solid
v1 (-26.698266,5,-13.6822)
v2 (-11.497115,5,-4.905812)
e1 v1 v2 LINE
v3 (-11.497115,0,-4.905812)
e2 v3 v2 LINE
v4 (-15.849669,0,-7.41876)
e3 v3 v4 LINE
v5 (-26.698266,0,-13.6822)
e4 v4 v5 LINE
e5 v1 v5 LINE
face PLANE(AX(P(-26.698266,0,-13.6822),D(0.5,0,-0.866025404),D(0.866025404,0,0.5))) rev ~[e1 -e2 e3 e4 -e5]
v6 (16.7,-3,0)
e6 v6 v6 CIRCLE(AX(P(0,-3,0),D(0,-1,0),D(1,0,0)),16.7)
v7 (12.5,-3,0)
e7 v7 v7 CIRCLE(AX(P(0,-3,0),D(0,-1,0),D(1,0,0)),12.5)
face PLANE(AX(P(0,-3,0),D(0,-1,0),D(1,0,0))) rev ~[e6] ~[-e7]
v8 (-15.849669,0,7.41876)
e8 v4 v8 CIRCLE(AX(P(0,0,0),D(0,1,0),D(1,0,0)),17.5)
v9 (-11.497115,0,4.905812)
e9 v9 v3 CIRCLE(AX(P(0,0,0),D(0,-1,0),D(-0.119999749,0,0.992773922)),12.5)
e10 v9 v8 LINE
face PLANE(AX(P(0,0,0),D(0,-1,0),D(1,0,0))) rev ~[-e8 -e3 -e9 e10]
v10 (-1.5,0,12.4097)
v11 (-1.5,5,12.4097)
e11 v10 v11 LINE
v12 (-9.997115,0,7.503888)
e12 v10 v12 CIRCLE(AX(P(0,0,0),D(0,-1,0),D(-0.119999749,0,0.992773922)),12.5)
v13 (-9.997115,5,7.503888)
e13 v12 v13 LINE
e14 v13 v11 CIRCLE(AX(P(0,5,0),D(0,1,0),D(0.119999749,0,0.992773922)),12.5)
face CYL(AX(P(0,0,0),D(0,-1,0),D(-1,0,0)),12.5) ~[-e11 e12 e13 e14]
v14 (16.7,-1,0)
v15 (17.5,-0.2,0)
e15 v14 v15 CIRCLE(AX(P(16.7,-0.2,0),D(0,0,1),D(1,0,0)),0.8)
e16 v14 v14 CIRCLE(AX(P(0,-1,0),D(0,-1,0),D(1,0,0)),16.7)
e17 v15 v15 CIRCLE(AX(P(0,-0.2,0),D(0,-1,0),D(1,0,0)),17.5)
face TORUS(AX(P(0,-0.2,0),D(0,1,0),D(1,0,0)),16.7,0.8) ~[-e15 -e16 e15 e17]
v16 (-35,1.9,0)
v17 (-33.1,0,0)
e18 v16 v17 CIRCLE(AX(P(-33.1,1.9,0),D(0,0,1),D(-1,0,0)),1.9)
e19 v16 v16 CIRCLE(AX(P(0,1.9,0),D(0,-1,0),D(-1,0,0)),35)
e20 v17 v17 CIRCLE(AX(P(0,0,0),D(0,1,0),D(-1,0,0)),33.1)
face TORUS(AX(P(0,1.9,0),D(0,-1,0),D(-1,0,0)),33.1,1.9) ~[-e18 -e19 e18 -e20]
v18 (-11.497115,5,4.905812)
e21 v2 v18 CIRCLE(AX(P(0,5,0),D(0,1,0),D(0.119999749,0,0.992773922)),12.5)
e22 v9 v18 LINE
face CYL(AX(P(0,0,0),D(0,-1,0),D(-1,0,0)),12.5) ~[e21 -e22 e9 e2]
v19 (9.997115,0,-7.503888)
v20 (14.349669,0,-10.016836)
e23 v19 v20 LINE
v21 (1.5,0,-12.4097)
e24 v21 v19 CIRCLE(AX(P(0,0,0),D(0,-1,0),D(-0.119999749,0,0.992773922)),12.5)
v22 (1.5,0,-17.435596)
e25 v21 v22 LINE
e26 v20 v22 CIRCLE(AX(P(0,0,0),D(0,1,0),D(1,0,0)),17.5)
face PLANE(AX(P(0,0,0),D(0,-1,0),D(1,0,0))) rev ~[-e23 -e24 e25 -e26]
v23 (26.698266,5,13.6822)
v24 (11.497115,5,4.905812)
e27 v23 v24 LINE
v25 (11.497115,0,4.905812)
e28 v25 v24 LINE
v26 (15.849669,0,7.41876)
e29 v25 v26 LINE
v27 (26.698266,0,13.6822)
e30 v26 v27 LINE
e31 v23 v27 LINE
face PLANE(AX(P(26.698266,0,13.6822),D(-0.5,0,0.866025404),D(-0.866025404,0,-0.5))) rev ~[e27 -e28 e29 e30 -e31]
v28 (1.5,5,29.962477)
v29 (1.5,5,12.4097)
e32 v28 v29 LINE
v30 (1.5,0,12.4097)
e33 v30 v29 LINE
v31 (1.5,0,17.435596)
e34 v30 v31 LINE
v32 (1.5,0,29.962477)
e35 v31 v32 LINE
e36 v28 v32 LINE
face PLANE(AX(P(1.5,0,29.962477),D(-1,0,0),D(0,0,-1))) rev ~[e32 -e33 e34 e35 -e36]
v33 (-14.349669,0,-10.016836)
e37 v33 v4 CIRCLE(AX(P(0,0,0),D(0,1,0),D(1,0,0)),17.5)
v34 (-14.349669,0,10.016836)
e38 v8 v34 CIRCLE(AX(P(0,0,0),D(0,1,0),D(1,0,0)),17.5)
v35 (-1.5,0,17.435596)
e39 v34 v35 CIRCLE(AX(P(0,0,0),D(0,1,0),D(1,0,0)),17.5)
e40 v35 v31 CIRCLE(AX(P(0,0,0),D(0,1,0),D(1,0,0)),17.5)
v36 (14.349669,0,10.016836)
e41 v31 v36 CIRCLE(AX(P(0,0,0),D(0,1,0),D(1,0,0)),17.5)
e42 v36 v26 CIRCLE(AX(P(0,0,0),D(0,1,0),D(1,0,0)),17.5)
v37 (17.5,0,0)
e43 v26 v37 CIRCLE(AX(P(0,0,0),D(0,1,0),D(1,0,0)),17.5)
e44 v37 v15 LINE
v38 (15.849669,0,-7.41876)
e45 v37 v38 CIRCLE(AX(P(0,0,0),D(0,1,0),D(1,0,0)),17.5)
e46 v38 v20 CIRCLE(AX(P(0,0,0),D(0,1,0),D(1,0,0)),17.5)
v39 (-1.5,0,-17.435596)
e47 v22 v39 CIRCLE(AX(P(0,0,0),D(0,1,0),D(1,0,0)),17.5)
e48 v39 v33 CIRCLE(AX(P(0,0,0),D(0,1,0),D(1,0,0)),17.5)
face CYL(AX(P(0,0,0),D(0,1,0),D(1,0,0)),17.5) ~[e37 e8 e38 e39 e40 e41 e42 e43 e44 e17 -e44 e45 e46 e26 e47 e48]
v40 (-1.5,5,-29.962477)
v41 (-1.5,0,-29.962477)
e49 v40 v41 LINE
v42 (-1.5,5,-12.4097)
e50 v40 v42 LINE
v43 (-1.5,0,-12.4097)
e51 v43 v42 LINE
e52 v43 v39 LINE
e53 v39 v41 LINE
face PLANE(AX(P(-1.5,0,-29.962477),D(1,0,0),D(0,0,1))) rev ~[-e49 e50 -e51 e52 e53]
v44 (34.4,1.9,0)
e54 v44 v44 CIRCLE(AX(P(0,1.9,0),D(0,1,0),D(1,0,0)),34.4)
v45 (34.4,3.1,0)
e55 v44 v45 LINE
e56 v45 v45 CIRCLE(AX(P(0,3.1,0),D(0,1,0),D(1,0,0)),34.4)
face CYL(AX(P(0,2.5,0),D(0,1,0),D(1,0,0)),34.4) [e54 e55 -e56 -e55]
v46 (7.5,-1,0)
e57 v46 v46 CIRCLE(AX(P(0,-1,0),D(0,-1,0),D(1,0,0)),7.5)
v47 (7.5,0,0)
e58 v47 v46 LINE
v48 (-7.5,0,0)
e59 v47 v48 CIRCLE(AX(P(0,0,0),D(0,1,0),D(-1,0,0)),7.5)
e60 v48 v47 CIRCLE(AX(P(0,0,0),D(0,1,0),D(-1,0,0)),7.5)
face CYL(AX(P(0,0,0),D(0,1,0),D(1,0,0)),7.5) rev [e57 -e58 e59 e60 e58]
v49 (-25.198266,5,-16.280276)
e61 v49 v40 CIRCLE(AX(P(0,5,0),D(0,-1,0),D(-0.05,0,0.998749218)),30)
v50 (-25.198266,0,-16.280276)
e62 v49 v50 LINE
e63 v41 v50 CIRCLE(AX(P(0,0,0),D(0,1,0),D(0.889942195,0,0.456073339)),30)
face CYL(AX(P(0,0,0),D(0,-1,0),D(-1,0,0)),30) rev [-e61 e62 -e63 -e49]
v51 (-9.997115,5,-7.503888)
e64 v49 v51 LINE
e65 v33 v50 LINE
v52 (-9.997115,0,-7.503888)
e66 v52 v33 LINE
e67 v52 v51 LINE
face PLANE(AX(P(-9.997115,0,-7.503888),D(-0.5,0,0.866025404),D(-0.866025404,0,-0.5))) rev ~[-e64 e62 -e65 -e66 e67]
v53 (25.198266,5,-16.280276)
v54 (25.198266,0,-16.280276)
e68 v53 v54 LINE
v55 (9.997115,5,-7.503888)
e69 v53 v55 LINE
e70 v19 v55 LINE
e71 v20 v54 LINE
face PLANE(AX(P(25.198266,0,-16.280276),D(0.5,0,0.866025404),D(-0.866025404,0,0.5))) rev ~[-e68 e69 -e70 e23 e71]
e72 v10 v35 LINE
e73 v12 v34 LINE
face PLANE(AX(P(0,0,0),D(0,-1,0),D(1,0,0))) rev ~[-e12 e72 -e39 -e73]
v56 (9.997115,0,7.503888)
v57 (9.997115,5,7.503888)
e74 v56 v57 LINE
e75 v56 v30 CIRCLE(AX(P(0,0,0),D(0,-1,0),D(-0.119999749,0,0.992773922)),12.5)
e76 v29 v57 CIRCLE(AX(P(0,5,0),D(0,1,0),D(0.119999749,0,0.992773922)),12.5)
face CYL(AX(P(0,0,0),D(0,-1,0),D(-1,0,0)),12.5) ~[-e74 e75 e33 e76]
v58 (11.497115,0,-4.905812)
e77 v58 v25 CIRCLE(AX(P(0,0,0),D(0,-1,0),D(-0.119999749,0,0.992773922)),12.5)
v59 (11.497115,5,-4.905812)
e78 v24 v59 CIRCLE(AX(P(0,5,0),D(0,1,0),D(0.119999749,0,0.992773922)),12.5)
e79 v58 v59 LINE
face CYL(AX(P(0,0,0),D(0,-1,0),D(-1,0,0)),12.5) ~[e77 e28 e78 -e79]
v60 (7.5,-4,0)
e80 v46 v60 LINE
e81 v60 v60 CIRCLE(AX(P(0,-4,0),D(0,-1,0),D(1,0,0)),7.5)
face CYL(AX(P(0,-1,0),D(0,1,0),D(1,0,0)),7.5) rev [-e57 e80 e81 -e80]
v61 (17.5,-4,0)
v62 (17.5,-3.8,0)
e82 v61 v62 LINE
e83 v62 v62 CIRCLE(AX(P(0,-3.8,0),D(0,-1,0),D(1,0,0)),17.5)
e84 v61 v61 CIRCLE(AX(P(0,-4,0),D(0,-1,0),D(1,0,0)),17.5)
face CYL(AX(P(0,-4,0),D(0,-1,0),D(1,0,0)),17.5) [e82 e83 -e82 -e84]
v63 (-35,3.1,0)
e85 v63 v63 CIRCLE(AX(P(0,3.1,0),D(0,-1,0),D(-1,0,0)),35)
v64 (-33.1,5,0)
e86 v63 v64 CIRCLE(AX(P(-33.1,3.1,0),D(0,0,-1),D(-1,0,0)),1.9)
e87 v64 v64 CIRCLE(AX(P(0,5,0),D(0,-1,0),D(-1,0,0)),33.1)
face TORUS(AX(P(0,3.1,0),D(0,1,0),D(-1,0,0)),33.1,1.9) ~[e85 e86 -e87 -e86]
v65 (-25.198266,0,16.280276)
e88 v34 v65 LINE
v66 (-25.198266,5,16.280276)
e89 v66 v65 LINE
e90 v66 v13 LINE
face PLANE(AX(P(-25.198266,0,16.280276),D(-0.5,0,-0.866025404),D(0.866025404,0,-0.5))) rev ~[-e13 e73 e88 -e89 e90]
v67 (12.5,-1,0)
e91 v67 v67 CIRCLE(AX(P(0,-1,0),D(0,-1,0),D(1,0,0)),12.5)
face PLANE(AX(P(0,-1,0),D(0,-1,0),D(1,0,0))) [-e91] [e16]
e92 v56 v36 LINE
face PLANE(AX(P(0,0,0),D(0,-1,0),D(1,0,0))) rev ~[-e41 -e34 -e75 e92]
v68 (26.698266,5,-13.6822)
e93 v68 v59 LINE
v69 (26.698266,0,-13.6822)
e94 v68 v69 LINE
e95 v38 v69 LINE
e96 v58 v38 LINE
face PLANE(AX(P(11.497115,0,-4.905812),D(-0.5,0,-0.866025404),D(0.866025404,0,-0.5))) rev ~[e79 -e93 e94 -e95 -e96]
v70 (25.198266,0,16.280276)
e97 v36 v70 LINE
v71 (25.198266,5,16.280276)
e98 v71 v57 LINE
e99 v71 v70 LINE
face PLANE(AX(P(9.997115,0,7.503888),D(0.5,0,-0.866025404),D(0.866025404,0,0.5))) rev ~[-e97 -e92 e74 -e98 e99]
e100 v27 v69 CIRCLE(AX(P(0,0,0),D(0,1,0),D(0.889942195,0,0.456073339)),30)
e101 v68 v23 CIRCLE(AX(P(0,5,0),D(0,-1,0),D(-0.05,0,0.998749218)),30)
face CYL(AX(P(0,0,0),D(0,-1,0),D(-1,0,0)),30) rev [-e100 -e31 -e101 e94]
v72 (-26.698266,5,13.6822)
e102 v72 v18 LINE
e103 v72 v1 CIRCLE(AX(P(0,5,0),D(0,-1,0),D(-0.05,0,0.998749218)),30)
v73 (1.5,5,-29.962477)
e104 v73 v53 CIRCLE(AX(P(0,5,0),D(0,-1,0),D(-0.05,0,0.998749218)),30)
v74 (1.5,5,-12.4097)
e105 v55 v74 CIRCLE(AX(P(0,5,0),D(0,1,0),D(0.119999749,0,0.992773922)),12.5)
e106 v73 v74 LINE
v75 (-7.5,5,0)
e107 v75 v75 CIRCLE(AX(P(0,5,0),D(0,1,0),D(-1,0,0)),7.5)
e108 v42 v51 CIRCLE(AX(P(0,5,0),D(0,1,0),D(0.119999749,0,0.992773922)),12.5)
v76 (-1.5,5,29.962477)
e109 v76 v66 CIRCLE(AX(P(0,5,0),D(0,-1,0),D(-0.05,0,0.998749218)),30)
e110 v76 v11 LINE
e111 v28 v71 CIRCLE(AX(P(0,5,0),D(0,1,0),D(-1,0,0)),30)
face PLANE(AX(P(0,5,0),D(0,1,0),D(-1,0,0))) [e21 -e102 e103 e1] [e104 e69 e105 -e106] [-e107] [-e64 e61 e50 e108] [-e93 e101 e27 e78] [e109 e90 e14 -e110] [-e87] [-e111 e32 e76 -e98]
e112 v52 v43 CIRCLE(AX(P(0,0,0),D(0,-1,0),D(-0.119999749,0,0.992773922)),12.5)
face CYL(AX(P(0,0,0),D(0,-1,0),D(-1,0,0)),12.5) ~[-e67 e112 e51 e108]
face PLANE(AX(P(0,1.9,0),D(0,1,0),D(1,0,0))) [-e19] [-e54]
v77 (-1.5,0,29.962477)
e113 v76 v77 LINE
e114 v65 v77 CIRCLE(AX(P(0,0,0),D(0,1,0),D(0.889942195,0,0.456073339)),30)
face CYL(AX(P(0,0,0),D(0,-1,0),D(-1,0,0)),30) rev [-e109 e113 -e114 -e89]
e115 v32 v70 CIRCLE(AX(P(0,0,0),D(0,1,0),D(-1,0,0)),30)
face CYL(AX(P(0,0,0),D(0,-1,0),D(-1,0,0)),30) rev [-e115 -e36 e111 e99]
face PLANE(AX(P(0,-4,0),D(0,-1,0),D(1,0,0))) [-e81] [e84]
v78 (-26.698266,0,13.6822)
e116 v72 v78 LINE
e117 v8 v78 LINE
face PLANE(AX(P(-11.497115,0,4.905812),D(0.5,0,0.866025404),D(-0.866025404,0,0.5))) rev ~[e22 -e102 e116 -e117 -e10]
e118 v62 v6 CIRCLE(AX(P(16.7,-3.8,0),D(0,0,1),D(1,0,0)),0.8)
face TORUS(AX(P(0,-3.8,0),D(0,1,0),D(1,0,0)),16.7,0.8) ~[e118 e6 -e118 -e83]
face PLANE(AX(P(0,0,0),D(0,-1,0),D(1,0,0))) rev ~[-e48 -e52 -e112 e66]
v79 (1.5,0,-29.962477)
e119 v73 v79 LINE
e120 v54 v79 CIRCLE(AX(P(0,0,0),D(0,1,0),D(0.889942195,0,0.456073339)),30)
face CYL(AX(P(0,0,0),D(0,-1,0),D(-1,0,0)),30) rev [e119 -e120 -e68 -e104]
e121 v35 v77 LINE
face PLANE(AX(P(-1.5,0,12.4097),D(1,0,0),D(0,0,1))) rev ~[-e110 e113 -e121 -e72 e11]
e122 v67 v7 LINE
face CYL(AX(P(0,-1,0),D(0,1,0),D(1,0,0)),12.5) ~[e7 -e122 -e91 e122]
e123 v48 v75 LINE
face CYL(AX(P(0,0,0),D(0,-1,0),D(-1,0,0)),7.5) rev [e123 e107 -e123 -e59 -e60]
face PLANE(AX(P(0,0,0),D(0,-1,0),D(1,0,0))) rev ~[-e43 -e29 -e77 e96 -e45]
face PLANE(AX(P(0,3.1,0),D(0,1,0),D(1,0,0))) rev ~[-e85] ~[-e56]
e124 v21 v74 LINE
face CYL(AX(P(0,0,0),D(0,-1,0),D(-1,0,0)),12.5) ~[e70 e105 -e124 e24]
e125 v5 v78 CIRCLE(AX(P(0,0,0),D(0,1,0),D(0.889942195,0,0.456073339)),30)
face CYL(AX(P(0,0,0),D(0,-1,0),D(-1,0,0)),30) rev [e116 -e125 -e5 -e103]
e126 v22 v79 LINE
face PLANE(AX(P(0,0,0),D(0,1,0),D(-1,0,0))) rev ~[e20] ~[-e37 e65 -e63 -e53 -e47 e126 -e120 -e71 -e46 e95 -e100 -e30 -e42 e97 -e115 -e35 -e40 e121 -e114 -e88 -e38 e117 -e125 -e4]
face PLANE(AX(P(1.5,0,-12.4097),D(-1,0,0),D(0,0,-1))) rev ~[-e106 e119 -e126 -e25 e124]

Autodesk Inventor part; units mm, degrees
ref_plane "YZ Plane" through (0, 0, 0) normal (1, 0, 0) x (0, 1, 0)
ref_plane "XZ Plane" through (0, 0, 0) normal (0, 1, 0) x (-1, 0, 0)
ref_plane "XY Plane" through (0, 0, 0) normal (0, 0, 1) x (1, 0, 0)
sketch "스케치1" plane through (0, 0, 0) normal (0, 1, 0) x (-1, 0, 0)
  circle A0 centre (0, 0) radius 35
  circle A1 centre (0, 0) radius 7.5
  circle A2 centre (0, 0) radius 12.5
  circle A3 centre (0, 0) radius 30
  dimension "d0" = 70
  dimension "d1" = 15
  dimension "d2" = 25
  dimension "d3" = 60
extrude "돌출1" add sketch "스케치1" along normal blind 5
sketch "스케치2" plane through (0, 0, 0) normal (0, -1, 0) x (1, 0, 0)
  line L0 (-10.8253, 6.25) -> (-25.9808, 15)
  circle A0 centre (0, 0) radius 30 projected
  circle A1 centre (0, 0) radius 7.5 projected
  circle A2 centre (0, 0) radius 7.5 projected
  circle A3 centre (0, 0) radius 12.5 projected
  circle A4 centre (0, 0) radius 12.5 projected
  line L1 (0, 12.5) -> (0, 30)
  line L2 (10.8253, 6.25) -> (25.9808, 15)
  line L3 (10.8253, -6.25) -> (25.9808, -15)
  line L4 (0, -12.5) -> (0, -30)
  line L5 (-10.8253, -6.25) -> (-25.9808, -15)
  line L6 (-1.5, 34.9678) -> (1.5, 34.9678)
  line L7 (1.5, 34.9678) -> (1.5, 12.4097)
  line L8 (1.5, 12.4097) -> (-1.5, 12.4097)
  line L9 (-1.5, 12.4097) -> (-1.5, 34.9678)
  circle A5 centre (0, 0) radius 35 projected
  dimension "d10" = 3
  dimension "d11" = 1.5
extrude "돌출2" add sketch "스케치2" against normal blind 5 contours L9 A0 L1 A3 | L9 L6 L7 A0 | L1 A0 L7 A3
pattern_circular "원형 패턴1" count 6 over 360 about axis through (0, 0, 0) along (0, 1, 0) of "돌출2"
fillet "모깎기1" radius 1.9 2 edges at (35, 0, 0) (35, 5, 0)
sketch "스케치3" plane through (-26.6983, 0, -13.6822) normal (-0.5, 0, 0.866) x (0.866, 0, 0.5)
  line L0 (64.9625, 3.1) -> (-5.0375, 3.1) projected
  line L1 (-5.0375, 1.9) -> (64.9625, 1.9) projected
  point P0 (29.9625, 0)
  dimension "d18" = 1.2
ref_plane "작업 평면1" through (0, 2.5, 0) normal (0, 1, 0) x (1, 0, 0)
sketch "스케치4" plane through (0, 2.5, 0) normal (0, 1, 0) x (1, 0, 0)
  circle A0 centre (0, 0) radius 35 projected
  circle A1 centre (0, 0) radius 34.4
  dimension "d19" = 0.6
extrude "돌출3" cut sketch "스케치4" along normal mid plane 1.2
sketch "스케치5" plane through (0, 5, 0) normal (0, 1, 0) x (1, 0, 0)
  point P0 (0, 0)
sketch "스케치6" plane through (0, 0, 0) normal (0, -1, 0) x (1, 0, 0)
  arc A0 (9.9971, 7.5039) -> (1.5, 12.4097) centre (0, 0) ccw projected
  circle A1 centre (0, 0) radius 12.5
  line L0 (-9.9971, 7.5039) -> (-25.1983, 16.2803) projected
  arc A2 (-1.5, 29.9625) -> (-25.1983, 16.2803) centre (0, 0) ccw projected
  line L1 (-1.5, 29.9625) -> (-1.5, 12.4097) projected
  arc A3 (-1.5, 12.4097) -> (-9.9971, 7.5039) centre (0, 0) ccw projected
  circle A4 centre (0, 0) radius 7.5 projected
  arc A5 (9.9971, 7.5039) -> (1.5, 12.4097) centre (0, 0) ccw projected
  line L2 (1.5, 12.4097) -> (1.5, 29.9625) projected
  arc A6 (25.1983, 16.2803) -> (1.5, 29.9625) centre (0, 0) ccw projected
  line L3 (25.1983, 16.2803) -> (9.9971, 7.5039) projected
  arc A7 (11.4971, -4.9058) -> (11.4971, 4.9058) centre (0, 0) ccw projected
  line L4 (11.4971, 4.9058) -> (26.6983, 13.6822) projected
  arc A8 (26.6983, -13.6822) -> (26.6983, 13.6822) centre (0, 0) ccw projected
  line L5 (26.6983, -13.6822) -> (11.4971, -4.9058) projected
  arc A9 (1.5, -12.4097) -> (9.9971, -7.5039) centre (0, 0) ccw projected
  line L6 (9.9971, -7.5039) -> (25.1983, -16.2803) projected
  arc A10 (1.5, -29.9625) -> (25.1983, -16.2803) centre (0, 0) ccw projected
  line L7 (1.5, -29.9625) -> (1.5, -12.4097) projected
  arc A11 (-9.9971, -7.5039) -> (-1.5, -12.4097) centre (0, 0) ccw projected
  line L8 (-1.5, -12.4097) -> (-1.5, -29.9625) projected
  arc A12 (-25.1983, -16.2803) -> (-1.5, -29.9625) centre (0, 0) ccw projected
  line L9 (-25.1983, -16.2803) -> (-9.9971, -7.5039) projected
  arc A13 (-11.4971, 4.9058) -> (-11.4971, -4.9058) centre (0, 0) ccw projected
  line L10 (-11.4971, -4.9058) -> (-26.6983, -13.6822) projected
  arc A14 (-26.6983, 13.6822) -> (-26.6983, -13.6822) centre (0, 0) ccw projected
  line L11 (-26.6983, 13.6822) -> (-11.4971, 4.9058) projected
  circle A15 centre (0, 0) radius 33.1 projected
  circle A16 centre (0, 0) radius 17.5
  dimension "d22" = 35
extrude "돌출4" add sketch "스케치6" along normal blind 1 contours A1 A0 | L3 A16 L4 A1 | A0 L2 A16 L3 | A1 L1 A16 L2 | L4 A16 L5 A1 | A1 L0 A16 L1 | A1 L11 A16 L0 | L5 A16 L6 A1 | A1 L10 A16 L11 | L6 A16 L7 A1 | A1 L9 A16 L10 | L7 A16 L8 A1 | A1 L8 A16 L9
sketch "스케치7" plane through (0, -1, 0) normal (0, -1, 0) x (1, 0, 0)
  circle A0 centre (0, 0) radius 12.5
  circle A1 centre (0, 0) radius 7.5 projected
  circle A2 centre (0, 0) radius 7.5 projected
  circle A3 centre (0, 0) radius 17.5 projected
  dimension "d25" = 25
extrude "돌출5" add sketch "스케치7" along normal blind 3 contours A0
sketch "스케치8" plane through (0, -4, 0) normal (0, -1, 0) x (1, 0, 0)
  circle A0 centre (0, 0) radius 17.5
  circle A1 centre (0, 0) radius 17.5 projected
  circle A2 centre (0, 0) radius 7.5 projected
  circle A3 centre (0, 0) radius 12.5 projected
  dimension "d28" = 35
extrude "돌출6" add sketch "스케치8" against normal blind 1 contours A0
sketch "스케치9" plane through (0, -4, 0) normal (0, -1, 0) x (1, 0, 0)
  circle A0 centre (0, 0) radius 7.5 projected
sketch "스케치10" plane through (0, -3, 0) normal (0, 1, 0) x (-1, 0, 0)
  point P0 (0, 0)
fillet "모깎기2" radius 0.8 2 edges at (-17.5, -3, 0) (-17.5, -1, 0)
properties part number "뒷바퀴"
